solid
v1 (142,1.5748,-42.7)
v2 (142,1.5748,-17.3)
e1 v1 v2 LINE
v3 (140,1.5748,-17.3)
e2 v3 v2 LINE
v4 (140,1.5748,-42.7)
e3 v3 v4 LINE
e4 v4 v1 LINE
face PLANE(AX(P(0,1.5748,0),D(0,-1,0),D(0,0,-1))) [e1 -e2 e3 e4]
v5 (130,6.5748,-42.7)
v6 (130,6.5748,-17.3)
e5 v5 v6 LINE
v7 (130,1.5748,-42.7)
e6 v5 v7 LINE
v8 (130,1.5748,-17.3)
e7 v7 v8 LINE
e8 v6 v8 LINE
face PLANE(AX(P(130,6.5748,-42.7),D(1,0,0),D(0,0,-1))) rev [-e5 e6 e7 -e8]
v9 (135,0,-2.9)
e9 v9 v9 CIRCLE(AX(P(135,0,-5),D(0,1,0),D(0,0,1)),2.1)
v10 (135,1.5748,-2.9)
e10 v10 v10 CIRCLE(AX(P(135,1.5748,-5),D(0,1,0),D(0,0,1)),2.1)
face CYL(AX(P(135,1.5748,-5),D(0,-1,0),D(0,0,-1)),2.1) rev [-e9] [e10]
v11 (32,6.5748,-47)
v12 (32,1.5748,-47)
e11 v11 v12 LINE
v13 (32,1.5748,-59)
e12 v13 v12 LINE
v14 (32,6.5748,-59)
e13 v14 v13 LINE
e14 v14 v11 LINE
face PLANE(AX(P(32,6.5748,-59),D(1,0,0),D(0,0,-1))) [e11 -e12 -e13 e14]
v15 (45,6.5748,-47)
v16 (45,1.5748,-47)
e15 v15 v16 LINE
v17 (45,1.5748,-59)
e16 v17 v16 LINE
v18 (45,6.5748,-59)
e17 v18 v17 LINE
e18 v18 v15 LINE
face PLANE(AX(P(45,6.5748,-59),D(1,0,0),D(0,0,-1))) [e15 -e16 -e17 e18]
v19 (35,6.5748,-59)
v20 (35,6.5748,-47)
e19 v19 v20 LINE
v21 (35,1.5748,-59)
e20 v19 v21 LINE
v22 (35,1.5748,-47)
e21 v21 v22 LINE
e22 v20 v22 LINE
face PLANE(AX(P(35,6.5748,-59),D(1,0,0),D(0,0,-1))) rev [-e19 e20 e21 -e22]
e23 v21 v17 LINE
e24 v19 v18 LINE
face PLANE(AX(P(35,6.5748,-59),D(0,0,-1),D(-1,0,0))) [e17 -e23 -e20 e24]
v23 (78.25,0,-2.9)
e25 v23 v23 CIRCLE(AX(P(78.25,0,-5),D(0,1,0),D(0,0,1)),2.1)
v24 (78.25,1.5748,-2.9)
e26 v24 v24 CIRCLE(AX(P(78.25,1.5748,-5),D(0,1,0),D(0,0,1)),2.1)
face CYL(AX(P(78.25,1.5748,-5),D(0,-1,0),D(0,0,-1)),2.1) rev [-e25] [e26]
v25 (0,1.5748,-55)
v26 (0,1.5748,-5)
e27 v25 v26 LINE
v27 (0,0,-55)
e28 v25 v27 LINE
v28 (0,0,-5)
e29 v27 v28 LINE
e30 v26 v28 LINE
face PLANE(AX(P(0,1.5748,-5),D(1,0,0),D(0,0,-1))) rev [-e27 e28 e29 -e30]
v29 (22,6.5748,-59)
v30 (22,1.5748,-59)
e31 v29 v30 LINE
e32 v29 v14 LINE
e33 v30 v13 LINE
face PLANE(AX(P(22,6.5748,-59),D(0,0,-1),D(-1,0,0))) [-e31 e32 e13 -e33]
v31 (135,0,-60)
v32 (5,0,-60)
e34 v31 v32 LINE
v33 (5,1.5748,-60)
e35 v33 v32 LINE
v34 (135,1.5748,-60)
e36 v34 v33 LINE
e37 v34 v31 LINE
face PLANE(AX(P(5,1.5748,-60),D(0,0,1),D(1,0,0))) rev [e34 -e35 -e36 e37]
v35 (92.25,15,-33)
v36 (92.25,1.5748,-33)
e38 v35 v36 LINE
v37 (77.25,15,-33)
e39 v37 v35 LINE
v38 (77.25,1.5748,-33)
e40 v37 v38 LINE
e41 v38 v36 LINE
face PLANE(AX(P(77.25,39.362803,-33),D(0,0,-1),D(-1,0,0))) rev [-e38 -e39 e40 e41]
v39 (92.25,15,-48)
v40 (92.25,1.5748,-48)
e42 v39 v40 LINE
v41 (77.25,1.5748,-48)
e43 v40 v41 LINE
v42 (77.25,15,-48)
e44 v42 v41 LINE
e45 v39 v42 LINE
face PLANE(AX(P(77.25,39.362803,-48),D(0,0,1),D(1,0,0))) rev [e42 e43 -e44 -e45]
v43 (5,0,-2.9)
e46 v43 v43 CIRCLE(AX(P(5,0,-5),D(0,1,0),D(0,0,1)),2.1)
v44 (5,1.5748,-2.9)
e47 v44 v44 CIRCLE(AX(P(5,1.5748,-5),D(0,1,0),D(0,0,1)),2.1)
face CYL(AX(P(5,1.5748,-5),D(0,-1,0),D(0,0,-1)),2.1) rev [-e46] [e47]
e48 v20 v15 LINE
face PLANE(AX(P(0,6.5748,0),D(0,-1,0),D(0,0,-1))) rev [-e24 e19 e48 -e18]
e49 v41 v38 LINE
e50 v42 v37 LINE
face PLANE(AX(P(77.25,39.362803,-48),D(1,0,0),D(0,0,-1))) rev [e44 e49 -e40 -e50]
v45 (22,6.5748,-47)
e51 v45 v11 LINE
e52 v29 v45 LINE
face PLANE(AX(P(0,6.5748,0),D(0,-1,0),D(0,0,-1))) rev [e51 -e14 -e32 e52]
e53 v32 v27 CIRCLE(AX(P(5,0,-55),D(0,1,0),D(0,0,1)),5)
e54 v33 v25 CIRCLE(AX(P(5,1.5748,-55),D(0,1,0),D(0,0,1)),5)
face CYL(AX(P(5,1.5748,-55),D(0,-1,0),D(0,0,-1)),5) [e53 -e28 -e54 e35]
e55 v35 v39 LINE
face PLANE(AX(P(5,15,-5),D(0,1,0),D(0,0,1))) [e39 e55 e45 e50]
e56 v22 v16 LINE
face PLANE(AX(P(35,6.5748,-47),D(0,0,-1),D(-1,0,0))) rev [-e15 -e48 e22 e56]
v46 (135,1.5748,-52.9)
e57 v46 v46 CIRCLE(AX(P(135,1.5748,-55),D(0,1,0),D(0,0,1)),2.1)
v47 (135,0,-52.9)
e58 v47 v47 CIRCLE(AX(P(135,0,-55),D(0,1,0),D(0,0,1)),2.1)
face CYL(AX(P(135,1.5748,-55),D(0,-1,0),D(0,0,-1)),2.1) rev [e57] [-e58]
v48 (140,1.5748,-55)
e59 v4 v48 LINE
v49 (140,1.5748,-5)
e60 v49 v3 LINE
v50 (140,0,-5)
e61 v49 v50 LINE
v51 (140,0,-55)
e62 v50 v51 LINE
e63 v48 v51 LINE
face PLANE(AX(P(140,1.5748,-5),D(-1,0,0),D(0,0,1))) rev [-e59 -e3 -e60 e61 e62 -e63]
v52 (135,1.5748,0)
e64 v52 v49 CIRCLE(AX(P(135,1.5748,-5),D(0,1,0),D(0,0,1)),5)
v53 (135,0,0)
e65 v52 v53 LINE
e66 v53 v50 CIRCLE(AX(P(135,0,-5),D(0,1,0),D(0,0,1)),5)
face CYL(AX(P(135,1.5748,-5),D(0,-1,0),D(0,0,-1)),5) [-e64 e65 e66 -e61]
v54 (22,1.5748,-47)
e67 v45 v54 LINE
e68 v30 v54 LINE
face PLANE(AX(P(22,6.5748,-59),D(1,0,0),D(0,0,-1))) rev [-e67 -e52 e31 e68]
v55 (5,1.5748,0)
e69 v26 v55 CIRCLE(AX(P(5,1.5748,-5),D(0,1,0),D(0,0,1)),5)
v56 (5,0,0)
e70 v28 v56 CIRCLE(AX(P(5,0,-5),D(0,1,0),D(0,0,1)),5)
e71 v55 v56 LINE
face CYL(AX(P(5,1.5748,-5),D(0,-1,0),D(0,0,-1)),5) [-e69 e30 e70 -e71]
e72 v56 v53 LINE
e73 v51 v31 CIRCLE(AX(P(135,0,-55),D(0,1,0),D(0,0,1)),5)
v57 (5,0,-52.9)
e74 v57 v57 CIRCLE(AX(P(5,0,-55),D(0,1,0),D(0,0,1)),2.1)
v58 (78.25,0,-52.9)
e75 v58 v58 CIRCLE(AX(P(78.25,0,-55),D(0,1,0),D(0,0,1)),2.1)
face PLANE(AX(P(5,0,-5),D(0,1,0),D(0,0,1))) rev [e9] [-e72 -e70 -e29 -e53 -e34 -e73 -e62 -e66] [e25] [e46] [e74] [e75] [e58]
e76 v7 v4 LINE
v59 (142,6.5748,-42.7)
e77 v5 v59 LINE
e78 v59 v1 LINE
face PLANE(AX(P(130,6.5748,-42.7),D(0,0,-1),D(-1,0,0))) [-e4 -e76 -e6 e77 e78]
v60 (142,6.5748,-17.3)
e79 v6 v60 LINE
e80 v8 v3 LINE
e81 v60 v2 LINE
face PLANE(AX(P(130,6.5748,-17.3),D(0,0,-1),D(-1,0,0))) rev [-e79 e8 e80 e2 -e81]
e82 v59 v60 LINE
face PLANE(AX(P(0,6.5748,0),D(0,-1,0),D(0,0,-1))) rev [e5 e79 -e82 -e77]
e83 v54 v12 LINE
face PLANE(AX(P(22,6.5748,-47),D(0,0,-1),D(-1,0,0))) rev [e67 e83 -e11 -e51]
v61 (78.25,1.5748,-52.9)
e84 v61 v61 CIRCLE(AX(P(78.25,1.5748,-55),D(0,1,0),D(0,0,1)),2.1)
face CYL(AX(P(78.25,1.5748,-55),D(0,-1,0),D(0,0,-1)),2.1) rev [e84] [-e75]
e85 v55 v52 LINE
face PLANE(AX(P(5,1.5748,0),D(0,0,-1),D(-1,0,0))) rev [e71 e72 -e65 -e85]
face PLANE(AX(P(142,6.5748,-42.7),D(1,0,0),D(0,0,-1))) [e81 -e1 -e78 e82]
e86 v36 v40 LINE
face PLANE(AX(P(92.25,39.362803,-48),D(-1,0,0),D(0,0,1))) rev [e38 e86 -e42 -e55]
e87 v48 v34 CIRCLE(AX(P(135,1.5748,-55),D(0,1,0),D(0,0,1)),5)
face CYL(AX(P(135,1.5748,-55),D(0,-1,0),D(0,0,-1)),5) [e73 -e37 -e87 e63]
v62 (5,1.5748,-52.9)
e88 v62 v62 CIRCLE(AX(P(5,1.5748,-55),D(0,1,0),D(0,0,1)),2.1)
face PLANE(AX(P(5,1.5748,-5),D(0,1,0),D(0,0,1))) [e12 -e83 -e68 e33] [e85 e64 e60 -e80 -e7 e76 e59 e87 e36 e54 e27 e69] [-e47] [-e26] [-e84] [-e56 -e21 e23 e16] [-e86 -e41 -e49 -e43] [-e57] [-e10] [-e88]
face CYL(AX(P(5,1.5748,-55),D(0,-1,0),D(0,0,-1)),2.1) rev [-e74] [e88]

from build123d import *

# Parameters (mm, degrees)
SKETCH2_R           = 2.1
BOSS_EXTRUDE1_DEPTH = 1.5748
SKETCH3_W           = 12
SKETCH3_H           = 25.4
SKETCH3_W_2         = 10
SKETCH3_H_2         = 12
BOSS_EXTRUDE2_DEPTH = 5
SKETCH5_W           = 15
SKETCH5_H           = 15
BOSS_EXTRUDE3_DEPTH = 13.4252


with BuildPart() as part:
    # Sketch2 → Boss-Extrude1 (new body)
    with BuildSketch(Plane(origin=(0, 0, 0), x_dir=(1, 0, 0), z_dir=(0, 1, 0))):
        with BuildLine():
            Line((5, 0), (135, 0))
            ThreePointArc((135, 0), (138.535533906, 1.464466094), (140, 5))
            Line((140, 5), (140, 55))
            ThreePointArc((140, 55), (138.535533906, 58.535533906), (135, 60))
            Line((135, 60), (5, 60))
            ThreePointArc((5, 60), (1.464466094, 58.535533906), (0, 55))
            Line((0, 55), (0, 5))
            ThreePointArc((0, 5), (1.464466094, 1.464466094), (5, 0))
        make_face()
        with Locations(Location((5, 55, 0), (0, 0, 270))):
            Circle(SKETCH2_R, mode=Mode.SUBTRACT)
        with Locations(Location((5, 5, 0), (0, 0, 270))):
            Circle(SKETCH2_R, mode=Mode.SUBTRACT)
        with Locations(Location((135, 5, 0), (0, 0, 270))):
            Circle(SKETCH2_R, mode=Mode.SUBTRACT)
        with Locations(Location((135, 55, 0), (0, 0, 270))):
            Circle(SKETCH2_R, mode=Mode.SUBTRACT)
        with Locations(Location((78.249999964, 55, 0), (0, 0, 270))):
            Circle(SKETCH2_R, mode=Mode.SUBTRACT)
        with Locations(Location((78.249999964, 5, 0), (0, 0, 270))):
            Circle(SKETCH2_R, mode=Mode.SUBTRACT)
    extrude(amount=BOSS_EXTRUDE1_DEPTH)

    # Sketch3 → Boss-Extrude2 (add)
    with BuildSketch(Plane(origin=(0, 1.5748, 0), x_dir=(1, 0, 0), z_dir=(0, 1, 0))):
        with Locations((136, 30)):
            Rectangle(SKETCH3_W, SKETCH3_H)
        with Locations((40, 53)):
            Rectangle(SKETCH3_W_2, SKETCH3_H_2)
        with Locations((27, 53)):
            Rectangle(SKETCH3_W_2, SKETCH3_H_2)
    extrude(amount=BOSS_EXTRUDE2_DEPTH)

    # Sketch5 → Boss-Extrude3 (add)
    with BuildSketch(Plane(origin=(0, 1.5748, 0), x_dir=(1, 0, 0), z_dir=(0, 1, 0))):
        with Locations((84.749999964, 40.5)):
            Rectangle(SKETCH5_W, SKETCH5_H)
    extrude(amount=BOSS_EXTRUDE3_DEPTH)


solid = part.part
